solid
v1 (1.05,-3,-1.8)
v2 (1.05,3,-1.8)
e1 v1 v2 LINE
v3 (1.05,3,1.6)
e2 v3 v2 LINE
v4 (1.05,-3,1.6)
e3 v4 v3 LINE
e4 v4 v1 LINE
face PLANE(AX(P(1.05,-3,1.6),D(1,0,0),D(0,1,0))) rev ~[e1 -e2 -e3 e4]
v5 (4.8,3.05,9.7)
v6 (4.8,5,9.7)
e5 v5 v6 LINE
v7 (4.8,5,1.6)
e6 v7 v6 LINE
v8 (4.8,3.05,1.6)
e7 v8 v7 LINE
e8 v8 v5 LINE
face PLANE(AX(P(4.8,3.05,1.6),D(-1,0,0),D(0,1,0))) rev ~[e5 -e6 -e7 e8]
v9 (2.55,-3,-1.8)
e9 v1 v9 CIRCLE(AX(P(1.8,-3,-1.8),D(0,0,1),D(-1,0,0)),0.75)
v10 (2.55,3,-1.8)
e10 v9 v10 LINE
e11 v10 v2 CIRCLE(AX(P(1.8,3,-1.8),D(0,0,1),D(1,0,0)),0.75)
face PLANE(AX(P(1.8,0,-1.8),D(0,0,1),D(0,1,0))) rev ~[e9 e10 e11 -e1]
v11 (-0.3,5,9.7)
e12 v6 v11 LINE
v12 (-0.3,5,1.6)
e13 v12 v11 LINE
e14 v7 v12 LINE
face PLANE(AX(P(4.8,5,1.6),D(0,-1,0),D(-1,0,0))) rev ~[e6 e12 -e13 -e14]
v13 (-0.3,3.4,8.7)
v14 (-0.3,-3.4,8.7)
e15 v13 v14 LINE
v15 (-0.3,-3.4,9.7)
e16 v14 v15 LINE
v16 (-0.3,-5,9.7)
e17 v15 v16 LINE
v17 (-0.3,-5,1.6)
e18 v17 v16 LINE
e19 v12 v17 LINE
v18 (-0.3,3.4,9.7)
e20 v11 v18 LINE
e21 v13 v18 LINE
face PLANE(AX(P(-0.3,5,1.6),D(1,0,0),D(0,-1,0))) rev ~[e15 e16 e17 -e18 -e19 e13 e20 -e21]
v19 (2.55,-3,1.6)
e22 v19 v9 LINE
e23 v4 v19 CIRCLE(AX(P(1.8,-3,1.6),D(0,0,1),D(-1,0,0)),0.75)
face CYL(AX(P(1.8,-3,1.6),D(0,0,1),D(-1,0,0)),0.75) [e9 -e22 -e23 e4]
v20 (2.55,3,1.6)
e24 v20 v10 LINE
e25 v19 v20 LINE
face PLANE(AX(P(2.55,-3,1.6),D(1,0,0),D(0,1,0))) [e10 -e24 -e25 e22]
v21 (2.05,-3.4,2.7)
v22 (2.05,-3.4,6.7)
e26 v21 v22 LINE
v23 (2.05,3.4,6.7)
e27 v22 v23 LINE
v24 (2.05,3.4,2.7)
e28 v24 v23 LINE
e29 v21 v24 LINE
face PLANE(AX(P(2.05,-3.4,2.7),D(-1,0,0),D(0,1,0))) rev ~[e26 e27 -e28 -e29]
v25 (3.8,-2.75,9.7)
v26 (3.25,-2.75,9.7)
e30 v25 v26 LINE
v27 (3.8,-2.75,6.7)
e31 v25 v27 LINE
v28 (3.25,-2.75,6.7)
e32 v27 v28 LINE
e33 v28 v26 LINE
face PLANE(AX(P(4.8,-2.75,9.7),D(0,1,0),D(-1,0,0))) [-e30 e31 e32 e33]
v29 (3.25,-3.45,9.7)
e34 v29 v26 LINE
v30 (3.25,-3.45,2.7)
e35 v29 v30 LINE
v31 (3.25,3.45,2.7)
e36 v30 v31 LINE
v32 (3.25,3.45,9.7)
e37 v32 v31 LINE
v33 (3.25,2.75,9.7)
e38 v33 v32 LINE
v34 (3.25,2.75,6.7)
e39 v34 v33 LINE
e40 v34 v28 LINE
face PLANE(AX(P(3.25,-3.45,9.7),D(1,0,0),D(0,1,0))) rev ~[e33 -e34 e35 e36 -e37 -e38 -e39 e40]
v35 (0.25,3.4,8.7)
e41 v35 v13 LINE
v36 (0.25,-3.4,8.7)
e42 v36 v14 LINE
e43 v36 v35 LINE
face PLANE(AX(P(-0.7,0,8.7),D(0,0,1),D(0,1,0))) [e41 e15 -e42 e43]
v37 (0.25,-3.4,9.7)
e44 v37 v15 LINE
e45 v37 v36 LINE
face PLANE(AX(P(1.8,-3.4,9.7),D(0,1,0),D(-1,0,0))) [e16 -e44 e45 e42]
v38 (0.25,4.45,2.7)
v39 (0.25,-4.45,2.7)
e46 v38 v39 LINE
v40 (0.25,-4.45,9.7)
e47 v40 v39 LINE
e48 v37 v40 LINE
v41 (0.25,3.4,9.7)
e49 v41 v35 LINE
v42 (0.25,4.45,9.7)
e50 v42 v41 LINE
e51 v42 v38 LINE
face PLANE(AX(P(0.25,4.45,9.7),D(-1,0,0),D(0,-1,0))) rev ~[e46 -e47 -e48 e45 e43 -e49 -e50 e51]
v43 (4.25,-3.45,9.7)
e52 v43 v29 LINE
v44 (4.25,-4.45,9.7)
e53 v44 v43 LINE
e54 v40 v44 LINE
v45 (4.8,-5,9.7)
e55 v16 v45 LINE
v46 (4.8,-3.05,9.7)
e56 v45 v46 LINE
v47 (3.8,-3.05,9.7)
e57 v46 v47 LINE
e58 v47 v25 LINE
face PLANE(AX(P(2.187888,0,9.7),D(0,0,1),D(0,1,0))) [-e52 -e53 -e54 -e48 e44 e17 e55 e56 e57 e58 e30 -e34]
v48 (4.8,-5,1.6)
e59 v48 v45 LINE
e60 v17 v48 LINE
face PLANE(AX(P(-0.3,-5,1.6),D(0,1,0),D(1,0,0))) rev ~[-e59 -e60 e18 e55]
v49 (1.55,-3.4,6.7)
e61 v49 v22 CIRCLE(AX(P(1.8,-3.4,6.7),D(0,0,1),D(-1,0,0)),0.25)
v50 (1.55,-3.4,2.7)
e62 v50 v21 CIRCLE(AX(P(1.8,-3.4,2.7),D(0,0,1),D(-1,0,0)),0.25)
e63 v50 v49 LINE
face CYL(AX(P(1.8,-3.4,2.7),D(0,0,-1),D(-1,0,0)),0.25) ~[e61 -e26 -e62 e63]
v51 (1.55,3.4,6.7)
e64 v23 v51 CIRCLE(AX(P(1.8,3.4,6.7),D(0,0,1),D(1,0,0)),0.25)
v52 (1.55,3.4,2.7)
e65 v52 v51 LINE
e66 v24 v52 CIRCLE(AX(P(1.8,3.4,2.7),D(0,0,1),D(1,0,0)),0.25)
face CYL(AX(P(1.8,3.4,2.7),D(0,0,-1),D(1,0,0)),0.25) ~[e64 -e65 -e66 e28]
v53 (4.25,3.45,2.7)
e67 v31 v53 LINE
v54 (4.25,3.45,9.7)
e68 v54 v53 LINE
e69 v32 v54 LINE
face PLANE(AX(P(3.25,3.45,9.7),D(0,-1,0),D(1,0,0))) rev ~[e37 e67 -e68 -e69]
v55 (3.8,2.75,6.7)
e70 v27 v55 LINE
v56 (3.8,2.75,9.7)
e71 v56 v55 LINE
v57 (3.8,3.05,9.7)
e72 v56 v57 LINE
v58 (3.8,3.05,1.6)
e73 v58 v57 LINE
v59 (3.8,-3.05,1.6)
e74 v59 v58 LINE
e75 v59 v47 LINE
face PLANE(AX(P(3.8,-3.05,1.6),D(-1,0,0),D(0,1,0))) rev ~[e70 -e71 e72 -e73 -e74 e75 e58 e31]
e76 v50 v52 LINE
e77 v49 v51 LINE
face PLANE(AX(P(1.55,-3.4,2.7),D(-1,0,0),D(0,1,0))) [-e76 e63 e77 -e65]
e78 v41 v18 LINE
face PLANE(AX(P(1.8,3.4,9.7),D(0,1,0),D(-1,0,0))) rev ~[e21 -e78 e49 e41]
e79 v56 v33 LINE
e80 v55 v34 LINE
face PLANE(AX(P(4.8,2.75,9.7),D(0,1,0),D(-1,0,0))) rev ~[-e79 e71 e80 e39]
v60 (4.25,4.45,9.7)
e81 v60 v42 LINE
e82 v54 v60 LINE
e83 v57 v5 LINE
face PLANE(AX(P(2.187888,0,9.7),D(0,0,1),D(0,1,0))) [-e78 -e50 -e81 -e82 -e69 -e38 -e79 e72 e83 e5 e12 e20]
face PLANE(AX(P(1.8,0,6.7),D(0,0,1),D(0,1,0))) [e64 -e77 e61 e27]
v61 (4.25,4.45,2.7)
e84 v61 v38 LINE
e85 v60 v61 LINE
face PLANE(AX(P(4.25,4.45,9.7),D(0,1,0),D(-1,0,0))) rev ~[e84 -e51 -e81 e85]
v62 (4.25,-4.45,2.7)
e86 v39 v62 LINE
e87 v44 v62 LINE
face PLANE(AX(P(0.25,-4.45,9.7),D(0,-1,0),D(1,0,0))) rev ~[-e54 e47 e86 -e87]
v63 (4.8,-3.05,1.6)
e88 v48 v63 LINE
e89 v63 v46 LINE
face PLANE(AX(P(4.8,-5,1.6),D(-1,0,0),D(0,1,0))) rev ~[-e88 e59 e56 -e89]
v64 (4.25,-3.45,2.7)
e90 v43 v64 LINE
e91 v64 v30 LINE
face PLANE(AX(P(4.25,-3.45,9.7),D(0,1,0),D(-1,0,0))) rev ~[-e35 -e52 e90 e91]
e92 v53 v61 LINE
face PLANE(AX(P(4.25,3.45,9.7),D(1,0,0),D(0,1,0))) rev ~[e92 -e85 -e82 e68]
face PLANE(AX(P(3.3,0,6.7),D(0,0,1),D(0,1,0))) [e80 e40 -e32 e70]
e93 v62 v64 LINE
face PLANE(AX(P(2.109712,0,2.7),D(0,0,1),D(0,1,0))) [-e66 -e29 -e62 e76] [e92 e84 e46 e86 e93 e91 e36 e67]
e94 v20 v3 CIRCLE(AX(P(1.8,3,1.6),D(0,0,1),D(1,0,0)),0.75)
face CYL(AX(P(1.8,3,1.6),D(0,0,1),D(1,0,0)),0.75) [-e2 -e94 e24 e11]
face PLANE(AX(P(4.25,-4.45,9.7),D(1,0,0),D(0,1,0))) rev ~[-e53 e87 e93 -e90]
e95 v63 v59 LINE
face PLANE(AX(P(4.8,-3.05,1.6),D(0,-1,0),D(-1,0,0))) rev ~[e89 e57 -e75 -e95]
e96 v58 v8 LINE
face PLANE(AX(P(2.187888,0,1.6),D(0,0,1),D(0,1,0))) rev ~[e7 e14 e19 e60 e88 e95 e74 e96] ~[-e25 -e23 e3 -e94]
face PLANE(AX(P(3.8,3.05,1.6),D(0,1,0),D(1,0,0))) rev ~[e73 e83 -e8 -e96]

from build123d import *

# Parameters (mm, degrees)
PAD010_DEPTH            = 8.1
POCKET007_DEPTH         = 7
SKETCH024_W             = 6.8
SKETCH024_H             = 5
POCKET009_DEPTH         = 1
SKETCH018_W             = 5.5
SKETCH018_H             = 3
POCKET010_DEPTH         = 3
PAD013_DEPTH            = 4
PAD011_DEPTH            = 3.4
BODY014_PLACEMENT_ANGLE = 90


with BuildPart() as part:
    # Sketch022 → Pad010 (new body)
    with BuildSketch(Plane.XY):
        Polygon((-5, 0), (-3.05, 0), (-3.05, 1), (3.05, 1), (3.05, 0), (5, 0), (5, 5.1), (-5, 5.1), align=None)
    extrude(amount=PAD010_DEPTH)

    # Sketch021 (on Face10 of Pad010) → Pocket007 (cut)
    with BuildSketch(Plane.XY.offset(8.1)):
        Polygon((-4.45, 0.55), (-3.45, 0.55), (-3.45, 1.55), (3.45, 1.55), (3.45, 0.55), (4.45, 0.55), (4.45, 4.55), (-4.45, 4.55), align=None)
    extrude(amount=-POCKET007_DEPTH, mode=Mode.SUBTRACT)

    # Sketch024 (on Face5 of Pocket007) → Pocket009 (cut)
    with BuildSketch(Plane.XY.offset(8.1)):
        with Locations((0, 5.5)):
            Rectangle(SKETCH024_W, SKETCH024_H)
    extrude(amount=-POCKET009_DEPTH, mode=Mode.SUBTRACT)

    # Sketch018 (on Face5 of Pocket009) → Pocket010 (cut)
    with BuildSketch(Plane.XY.offset(8.1)):
        with Locations((0, 1.5)):
            Rectangle(SKETCH018_W, SKETCH018_H)
    extrude(amount=-POCKET010_DEPTH, mode=Mode.SUBTRACT)

    # Sketch023 (on Face26 of Pocket010) → Pad013 (join)
    with BuildSketch(Plane.XY.offset(1.1)):
        with BuildLine():
            ThreePointArc((-3.4, 3.25), (-3.65, 3), (-3.4, 2.75))
            Line((-3.4, 2.75), (3.4, 2.75))
            ThreePointArc((3.4, 2.75), (3.65, 3), (3.4, 3.25))
            Line((-3.4, 3.25), (3.4, 3.25))
        make_face()
    extrude(amount=PAD013_DEPTH)

    # Sketch019 → Pad011 (join)
    with BuildSketch(Plane.XY):
        with BuildLine():
            ThreePointArc((-3, 3.75), (-3.75, 3), (-3, 2.25))
            Line((-3, 2.25), (3, 2.25))
            ThreePointArc((3, 2.25), (3.75, 3), (3, 3.75))
            Line((-3, 3.75), (3, 3.75))
        make_face()
    extrude(amount=-PAD011_DEPTH)


with BuildPart() as part_1:
    # Body014 placement: moved
    add(part.part.moved(Location((-13.8, 0, 1.6))).rotate(Axis((-13.8, 0, 1.6), (0, 0, 1)), BODY014_PLACEMENT_ANGLE))


with BuildPart() as part_2:
    # Clone010 placement: moved
    add(part_1.part.moved(Location((-0.2, 0, 0))))


with BuildPart() as part_3:
    # Body017 placement: moved
    add(part_2.part.moved(Location((18.8, 0, 0))))


solid = part_3.part
